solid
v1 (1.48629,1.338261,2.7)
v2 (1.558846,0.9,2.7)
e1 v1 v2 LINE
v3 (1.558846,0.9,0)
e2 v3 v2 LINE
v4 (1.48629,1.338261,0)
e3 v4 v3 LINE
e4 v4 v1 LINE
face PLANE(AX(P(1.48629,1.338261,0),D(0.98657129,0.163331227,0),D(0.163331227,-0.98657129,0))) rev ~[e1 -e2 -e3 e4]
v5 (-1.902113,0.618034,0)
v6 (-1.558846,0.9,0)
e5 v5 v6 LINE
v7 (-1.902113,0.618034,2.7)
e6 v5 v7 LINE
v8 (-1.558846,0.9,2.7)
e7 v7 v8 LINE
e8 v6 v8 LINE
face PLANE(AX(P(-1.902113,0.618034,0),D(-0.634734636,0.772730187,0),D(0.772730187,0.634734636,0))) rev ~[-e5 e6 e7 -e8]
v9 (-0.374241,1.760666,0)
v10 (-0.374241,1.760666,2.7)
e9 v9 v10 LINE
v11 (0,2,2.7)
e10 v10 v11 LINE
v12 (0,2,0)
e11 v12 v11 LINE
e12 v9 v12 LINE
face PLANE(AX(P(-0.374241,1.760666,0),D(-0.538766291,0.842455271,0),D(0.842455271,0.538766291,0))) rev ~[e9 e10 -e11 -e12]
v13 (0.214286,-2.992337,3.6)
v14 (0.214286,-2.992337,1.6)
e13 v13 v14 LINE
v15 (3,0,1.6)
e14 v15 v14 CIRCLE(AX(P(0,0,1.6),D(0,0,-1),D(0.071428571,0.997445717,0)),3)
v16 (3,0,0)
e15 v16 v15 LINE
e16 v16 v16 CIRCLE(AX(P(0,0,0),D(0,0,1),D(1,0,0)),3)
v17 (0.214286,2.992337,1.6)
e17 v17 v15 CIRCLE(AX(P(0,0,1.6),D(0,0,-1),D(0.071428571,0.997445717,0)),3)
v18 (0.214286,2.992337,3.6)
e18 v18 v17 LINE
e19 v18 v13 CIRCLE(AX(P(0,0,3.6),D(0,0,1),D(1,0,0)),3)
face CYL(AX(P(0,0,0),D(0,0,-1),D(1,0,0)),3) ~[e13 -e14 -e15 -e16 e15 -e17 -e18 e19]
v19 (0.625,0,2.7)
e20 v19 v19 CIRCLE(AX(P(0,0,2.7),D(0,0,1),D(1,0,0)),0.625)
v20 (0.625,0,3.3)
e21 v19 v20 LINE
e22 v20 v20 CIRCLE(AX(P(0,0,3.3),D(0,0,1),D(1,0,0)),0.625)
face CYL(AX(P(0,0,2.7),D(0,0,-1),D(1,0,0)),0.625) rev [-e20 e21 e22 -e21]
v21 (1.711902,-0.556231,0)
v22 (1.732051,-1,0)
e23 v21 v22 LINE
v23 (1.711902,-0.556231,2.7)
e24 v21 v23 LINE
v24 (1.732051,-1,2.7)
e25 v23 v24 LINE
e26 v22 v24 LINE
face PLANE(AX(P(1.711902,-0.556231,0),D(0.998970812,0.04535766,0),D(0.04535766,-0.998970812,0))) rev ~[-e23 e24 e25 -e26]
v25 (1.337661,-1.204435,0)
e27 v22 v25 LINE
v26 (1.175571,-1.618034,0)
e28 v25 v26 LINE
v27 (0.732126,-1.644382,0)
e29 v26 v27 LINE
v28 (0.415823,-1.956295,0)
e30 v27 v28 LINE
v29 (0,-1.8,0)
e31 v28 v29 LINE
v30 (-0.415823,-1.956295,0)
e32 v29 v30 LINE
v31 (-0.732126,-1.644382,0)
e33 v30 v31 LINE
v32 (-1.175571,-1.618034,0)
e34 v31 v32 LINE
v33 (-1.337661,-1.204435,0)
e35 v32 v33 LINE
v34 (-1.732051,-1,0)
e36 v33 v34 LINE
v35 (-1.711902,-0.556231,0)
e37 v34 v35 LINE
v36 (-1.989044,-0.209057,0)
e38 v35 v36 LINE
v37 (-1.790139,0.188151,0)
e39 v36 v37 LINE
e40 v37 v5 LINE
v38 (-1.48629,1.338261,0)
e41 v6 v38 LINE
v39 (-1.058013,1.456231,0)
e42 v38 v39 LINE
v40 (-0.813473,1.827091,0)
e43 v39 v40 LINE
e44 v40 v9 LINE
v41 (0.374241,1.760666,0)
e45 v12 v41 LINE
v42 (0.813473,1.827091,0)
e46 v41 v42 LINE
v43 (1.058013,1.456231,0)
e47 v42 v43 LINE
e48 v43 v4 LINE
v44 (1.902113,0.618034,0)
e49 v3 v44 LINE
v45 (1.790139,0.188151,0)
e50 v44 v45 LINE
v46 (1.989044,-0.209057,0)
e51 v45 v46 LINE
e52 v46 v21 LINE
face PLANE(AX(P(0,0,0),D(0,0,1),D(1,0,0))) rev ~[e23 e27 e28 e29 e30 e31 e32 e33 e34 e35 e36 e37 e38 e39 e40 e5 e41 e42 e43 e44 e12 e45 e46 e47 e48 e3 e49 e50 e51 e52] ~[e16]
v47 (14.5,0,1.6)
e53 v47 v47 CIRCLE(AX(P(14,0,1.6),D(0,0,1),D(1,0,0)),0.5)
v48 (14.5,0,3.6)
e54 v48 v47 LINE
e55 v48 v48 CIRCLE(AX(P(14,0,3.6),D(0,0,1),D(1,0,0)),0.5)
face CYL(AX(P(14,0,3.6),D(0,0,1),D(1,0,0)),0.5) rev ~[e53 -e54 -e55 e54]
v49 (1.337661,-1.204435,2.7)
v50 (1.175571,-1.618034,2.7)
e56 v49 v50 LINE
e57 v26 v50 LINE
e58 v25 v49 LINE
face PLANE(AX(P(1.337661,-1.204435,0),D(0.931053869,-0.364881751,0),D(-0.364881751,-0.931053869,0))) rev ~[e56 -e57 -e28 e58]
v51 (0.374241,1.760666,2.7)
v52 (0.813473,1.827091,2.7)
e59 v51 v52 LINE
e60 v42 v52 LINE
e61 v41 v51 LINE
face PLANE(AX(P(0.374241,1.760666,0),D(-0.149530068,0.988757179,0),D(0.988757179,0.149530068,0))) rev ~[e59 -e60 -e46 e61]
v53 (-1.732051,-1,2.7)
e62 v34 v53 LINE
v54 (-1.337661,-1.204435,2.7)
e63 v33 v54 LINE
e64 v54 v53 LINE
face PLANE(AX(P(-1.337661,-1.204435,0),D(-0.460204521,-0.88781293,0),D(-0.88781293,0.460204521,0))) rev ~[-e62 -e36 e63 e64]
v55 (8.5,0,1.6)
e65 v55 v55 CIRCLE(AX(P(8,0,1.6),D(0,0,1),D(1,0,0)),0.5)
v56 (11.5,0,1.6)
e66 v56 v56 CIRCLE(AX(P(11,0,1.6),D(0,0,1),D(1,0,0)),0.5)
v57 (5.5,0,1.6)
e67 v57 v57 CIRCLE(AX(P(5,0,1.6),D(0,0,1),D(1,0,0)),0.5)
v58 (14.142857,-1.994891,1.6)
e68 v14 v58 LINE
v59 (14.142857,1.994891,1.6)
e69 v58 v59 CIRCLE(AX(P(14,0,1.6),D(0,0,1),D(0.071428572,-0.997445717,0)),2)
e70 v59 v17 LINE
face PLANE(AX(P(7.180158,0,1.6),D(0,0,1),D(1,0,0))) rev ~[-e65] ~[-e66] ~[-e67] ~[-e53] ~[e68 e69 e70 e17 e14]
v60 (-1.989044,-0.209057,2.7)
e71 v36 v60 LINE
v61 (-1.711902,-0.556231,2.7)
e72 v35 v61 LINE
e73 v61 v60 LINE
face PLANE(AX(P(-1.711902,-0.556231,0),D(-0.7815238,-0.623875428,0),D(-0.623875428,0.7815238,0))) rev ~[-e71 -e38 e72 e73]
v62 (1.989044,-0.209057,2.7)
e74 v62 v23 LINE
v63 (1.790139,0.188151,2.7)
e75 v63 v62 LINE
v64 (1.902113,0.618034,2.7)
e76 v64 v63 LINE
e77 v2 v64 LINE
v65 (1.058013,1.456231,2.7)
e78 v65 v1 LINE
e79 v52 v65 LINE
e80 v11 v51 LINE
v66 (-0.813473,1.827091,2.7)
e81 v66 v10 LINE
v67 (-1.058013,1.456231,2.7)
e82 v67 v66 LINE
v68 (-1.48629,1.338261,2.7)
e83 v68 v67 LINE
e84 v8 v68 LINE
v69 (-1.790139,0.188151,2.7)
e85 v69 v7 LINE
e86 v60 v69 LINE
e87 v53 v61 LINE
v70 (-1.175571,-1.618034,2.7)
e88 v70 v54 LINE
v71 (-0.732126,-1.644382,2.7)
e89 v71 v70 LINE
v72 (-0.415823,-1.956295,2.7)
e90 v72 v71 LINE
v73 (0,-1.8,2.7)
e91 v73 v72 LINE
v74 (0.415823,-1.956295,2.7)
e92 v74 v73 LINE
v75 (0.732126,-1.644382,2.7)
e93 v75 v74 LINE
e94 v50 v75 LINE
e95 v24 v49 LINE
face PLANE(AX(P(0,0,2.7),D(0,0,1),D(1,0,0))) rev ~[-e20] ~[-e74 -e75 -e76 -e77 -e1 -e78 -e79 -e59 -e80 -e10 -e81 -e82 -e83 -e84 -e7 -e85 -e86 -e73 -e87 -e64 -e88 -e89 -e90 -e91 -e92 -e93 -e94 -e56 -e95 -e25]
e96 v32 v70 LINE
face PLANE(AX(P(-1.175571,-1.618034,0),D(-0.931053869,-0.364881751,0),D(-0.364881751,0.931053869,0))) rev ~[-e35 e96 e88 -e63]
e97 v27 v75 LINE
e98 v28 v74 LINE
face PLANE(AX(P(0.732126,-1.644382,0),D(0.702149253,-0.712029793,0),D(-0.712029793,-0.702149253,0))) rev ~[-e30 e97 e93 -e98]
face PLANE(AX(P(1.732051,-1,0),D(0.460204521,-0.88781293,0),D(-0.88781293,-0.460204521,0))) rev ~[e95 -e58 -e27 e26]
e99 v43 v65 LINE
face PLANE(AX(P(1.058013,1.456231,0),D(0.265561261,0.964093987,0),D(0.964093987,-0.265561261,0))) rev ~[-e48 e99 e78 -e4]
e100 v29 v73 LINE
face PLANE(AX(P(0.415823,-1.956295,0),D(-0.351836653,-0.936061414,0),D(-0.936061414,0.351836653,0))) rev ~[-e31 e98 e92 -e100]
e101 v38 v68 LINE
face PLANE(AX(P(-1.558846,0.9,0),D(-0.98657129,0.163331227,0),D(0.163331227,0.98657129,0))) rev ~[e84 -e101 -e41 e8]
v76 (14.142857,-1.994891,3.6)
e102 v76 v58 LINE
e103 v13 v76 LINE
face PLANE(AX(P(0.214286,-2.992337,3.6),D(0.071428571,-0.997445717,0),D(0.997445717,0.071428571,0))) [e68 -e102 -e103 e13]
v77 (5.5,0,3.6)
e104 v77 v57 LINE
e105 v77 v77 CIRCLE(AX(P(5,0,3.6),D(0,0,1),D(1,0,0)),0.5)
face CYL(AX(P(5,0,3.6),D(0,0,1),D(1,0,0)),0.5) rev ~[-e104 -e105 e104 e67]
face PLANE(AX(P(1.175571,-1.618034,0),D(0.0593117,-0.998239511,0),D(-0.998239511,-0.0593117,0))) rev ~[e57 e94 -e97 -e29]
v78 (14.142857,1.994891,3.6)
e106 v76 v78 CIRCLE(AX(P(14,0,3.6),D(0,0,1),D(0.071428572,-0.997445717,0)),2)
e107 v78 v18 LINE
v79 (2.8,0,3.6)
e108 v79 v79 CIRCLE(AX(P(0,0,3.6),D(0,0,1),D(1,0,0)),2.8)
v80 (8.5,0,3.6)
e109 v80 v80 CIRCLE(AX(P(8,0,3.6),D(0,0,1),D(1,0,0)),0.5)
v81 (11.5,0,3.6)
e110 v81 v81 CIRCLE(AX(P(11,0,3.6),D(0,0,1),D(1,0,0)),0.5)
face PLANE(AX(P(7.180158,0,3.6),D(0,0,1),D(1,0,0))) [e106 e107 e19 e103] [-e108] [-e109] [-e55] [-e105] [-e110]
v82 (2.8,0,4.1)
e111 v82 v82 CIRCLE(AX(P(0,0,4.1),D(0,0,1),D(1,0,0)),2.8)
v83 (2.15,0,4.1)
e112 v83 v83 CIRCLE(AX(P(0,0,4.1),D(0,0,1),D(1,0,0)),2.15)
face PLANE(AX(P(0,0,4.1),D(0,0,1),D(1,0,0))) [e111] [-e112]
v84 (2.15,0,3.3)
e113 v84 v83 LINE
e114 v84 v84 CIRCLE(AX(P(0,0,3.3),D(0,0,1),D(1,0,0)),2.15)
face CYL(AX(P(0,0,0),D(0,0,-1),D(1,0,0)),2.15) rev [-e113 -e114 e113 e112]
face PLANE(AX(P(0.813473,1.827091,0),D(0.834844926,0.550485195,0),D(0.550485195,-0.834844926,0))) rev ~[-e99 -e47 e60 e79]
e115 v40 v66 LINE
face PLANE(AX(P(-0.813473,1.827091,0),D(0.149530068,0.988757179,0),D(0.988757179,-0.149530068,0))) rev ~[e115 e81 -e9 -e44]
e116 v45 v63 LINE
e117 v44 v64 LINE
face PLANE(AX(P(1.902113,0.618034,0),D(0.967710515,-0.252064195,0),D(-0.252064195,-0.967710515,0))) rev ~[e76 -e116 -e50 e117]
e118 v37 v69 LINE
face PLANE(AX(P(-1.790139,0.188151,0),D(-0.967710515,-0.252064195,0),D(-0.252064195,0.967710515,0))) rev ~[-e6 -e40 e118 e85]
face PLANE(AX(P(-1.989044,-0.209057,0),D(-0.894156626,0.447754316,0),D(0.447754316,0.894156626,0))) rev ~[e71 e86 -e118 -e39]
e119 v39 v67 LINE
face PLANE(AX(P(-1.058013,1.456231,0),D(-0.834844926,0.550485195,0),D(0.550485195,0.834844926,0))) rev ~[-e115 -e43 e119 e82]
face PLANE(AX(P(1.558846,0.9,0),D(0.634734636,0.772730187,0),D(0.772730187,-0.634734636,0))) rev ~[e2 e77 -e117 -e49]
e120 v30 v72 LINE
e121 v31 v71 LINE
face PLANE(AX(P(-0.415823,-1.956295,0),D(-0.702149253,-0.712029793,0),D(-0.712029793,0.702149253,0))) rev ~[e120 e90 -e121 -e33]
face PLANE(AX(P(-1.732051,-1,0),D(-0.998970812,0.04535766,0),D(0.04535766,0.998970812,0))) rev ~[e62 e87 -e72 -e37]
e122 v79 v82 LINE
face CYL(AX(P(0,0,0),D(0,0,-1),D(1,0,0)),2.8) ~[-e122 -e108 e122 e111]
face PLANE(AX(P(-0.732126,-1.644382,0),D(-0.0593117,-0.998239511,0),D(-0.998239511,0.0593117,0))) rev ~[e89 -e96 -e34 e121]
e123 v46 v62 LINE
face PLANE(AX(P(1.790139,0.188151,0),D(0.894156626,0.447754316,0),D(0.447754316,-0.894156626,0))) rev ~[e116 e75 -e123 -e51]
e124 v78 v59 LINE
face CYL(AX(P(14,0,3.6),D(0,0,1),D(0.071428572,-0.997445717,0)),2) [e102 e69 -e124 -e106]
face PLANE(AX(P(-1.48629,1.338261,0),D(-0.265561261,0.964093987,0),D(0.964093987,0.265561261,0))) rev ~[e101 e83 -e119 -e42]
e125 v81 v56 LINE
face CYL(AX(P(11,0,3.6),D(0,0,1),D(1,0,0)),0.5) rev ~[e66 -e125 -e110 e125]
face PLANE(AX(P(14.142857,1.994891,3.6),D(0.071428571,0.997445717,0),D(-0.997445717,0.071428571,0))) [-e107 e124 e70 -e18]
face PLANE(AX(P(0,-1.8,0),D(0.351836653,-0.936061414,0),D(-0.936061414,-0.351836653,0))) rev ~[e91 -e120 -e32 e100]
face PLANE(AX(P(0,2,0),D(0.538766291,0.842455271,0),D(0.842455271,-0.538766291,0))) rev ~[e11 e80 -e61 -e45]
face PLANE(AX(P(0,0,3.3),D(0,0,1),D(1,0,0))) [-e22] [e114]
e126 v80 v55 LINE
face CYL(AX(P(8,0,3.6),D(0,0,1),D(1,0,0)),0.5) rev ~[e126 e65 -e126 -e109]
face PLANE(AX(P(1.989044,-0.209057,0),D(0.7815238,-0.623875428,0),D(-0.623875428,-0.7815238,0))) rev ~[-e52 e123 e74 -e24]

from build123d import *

# Parameters (mm, degrees)
SKETCH2_R           = 3
SKETCH2_R_2         = 2.8
BOSS_EXTRUDE1_DEPTH = 3.6
SKETCH2_3_R         = 2.8
SKETCH2_3_R_2       = 2.15
BOSS_EXTRUDE2_DEPTH = 4.1
BOSS_EXTRUDE3_START = 2.7
SKETCH2_4_R         = 2.15
SKETCH2_4_R_2       = 0.625
BOSS_EXTRUDE3_DEPTH = 0.6
SKETCH2_5_R         = 2.15
BOSS_EXTRUDE4_DEPTH = 2.7
BOSS_EXTRUDE5_START = 3.6
SKETCH2_6_R         = 0.5
BOSS_EXTRUDE5_DEPTH = 2


with BuildPart() as part:
    # Sketch2 → Boss-Extrude1 (new body)
    with BuildSketch(Plane.XY):
        Circle(SKETCH2_R)
        Circle(SKETCH2_R_2, mode=Mode.SUBTRACT)
    extrude(amount=BOSS_EXTRUDE1_DEPTH)

    # Sketch2<3> → Boss-Extrude2 (add)
    with BuildSketch(Plane.XY):
        Circle(SKETCH2_3_R)
        Circle(SKETCH2_3_R_2, mode=Mode.SUBTRACT)
    extrude(amount=BOSS_EXTRUDE2_DEPTH)

    # Sketch2<4> → Boss-Extrude3 (add)
    with BuildSketch(Plane.XY.offset(BOSS_EXTRUDE3_START)):
        Circle(SKETCH2_4_R)
        Circle(SKETCH2_4_R_2, mode=Mode.SUBTRACT)
    extrude(amount=BOSS_EXTRUDE3_DEPTH)

    # Sketch2<5> → Boss-Extrude4 (add)
    with BuildSketch(Plane.XY):
        Circle(SKETCH2_5_R)
        Polygon((-0.374241043, 1.760665681), (0, 2), (0.374241043, 1.760665681), (0.813473286, 1.827090915), (1.058013454, 1.45623059), (1.486289651, 1.338261213), (1.558845727, 0.9), (1.902113033, 0.618033989), (1.790139412, 0.188151234), (1.989043791, -0.209056927), (1.711901729, -0.55623059), (1.732050808, -1), (1.337660686, -1.204435091), (1.175570505, -1.618033989), (0.732125958, -1.644381824), (0.415823382, -1.956295201), (0, -1.8), (-0.415823382, -1.956295201), (-0.732125958, -1.644381824), (-1.175570505, -1.618033989), (-1.337660686, -1.204435091), (-1.732050808, -1), (-1.711901729, -0.55623059), (-1.989043791, -0.209056927), (-1.790139412, 0.188151234), (-1.902113033, 0.618033989), (-1.558845727, 0.9), (-1.486289651, 1.338261213), (-1.058013454, 1.45623059), (-0.813473286, 1.827090915), align=None, mode=Mode.SUBTRACT)
    extrude(amount=BOSS_EXTRUDE4_DEPTH)

    # Sketch2<6> → Boss-Extrude5 (add)
    with BuildSketch(Plane.XY.offset(BOSS_EXTRUDE5_START)):
        with BuildLine():
            Line((14.142857143, 1.994891435), (0.214285714, 2.992337152))
            ThreePointArc((0.214285714, 2.992337152), (3, 0), (0.214285714, -2.992337152))
            Line((0.214285714, -2.992337152), (14.142857143, -1.994891435))
            ThreePointArc((14.142857143, -1.994891435), (16, 0), (14.142857143, 1.994891435))
        make_face()
        with Locations((5, 0)):
            Circle(SKETCH2_6_R, mode=Mode.SUBTRACT)
        with Locations((8, 0)):
            Circle(SKETCH2_6_R, mode=Mode.SUBTRACT)
        with Locations((11, 0)):
            Circle(SKETCH2_6_R, mode=Mode.SUBTRACT)
        with Locations((14, 0)):
            Circle(SKETCH2_6_R, mode=Mode.SUBTRACT)
    extrude(amount=-BOSS_EXTRUDE5_DEPTH)


solid = part.part
